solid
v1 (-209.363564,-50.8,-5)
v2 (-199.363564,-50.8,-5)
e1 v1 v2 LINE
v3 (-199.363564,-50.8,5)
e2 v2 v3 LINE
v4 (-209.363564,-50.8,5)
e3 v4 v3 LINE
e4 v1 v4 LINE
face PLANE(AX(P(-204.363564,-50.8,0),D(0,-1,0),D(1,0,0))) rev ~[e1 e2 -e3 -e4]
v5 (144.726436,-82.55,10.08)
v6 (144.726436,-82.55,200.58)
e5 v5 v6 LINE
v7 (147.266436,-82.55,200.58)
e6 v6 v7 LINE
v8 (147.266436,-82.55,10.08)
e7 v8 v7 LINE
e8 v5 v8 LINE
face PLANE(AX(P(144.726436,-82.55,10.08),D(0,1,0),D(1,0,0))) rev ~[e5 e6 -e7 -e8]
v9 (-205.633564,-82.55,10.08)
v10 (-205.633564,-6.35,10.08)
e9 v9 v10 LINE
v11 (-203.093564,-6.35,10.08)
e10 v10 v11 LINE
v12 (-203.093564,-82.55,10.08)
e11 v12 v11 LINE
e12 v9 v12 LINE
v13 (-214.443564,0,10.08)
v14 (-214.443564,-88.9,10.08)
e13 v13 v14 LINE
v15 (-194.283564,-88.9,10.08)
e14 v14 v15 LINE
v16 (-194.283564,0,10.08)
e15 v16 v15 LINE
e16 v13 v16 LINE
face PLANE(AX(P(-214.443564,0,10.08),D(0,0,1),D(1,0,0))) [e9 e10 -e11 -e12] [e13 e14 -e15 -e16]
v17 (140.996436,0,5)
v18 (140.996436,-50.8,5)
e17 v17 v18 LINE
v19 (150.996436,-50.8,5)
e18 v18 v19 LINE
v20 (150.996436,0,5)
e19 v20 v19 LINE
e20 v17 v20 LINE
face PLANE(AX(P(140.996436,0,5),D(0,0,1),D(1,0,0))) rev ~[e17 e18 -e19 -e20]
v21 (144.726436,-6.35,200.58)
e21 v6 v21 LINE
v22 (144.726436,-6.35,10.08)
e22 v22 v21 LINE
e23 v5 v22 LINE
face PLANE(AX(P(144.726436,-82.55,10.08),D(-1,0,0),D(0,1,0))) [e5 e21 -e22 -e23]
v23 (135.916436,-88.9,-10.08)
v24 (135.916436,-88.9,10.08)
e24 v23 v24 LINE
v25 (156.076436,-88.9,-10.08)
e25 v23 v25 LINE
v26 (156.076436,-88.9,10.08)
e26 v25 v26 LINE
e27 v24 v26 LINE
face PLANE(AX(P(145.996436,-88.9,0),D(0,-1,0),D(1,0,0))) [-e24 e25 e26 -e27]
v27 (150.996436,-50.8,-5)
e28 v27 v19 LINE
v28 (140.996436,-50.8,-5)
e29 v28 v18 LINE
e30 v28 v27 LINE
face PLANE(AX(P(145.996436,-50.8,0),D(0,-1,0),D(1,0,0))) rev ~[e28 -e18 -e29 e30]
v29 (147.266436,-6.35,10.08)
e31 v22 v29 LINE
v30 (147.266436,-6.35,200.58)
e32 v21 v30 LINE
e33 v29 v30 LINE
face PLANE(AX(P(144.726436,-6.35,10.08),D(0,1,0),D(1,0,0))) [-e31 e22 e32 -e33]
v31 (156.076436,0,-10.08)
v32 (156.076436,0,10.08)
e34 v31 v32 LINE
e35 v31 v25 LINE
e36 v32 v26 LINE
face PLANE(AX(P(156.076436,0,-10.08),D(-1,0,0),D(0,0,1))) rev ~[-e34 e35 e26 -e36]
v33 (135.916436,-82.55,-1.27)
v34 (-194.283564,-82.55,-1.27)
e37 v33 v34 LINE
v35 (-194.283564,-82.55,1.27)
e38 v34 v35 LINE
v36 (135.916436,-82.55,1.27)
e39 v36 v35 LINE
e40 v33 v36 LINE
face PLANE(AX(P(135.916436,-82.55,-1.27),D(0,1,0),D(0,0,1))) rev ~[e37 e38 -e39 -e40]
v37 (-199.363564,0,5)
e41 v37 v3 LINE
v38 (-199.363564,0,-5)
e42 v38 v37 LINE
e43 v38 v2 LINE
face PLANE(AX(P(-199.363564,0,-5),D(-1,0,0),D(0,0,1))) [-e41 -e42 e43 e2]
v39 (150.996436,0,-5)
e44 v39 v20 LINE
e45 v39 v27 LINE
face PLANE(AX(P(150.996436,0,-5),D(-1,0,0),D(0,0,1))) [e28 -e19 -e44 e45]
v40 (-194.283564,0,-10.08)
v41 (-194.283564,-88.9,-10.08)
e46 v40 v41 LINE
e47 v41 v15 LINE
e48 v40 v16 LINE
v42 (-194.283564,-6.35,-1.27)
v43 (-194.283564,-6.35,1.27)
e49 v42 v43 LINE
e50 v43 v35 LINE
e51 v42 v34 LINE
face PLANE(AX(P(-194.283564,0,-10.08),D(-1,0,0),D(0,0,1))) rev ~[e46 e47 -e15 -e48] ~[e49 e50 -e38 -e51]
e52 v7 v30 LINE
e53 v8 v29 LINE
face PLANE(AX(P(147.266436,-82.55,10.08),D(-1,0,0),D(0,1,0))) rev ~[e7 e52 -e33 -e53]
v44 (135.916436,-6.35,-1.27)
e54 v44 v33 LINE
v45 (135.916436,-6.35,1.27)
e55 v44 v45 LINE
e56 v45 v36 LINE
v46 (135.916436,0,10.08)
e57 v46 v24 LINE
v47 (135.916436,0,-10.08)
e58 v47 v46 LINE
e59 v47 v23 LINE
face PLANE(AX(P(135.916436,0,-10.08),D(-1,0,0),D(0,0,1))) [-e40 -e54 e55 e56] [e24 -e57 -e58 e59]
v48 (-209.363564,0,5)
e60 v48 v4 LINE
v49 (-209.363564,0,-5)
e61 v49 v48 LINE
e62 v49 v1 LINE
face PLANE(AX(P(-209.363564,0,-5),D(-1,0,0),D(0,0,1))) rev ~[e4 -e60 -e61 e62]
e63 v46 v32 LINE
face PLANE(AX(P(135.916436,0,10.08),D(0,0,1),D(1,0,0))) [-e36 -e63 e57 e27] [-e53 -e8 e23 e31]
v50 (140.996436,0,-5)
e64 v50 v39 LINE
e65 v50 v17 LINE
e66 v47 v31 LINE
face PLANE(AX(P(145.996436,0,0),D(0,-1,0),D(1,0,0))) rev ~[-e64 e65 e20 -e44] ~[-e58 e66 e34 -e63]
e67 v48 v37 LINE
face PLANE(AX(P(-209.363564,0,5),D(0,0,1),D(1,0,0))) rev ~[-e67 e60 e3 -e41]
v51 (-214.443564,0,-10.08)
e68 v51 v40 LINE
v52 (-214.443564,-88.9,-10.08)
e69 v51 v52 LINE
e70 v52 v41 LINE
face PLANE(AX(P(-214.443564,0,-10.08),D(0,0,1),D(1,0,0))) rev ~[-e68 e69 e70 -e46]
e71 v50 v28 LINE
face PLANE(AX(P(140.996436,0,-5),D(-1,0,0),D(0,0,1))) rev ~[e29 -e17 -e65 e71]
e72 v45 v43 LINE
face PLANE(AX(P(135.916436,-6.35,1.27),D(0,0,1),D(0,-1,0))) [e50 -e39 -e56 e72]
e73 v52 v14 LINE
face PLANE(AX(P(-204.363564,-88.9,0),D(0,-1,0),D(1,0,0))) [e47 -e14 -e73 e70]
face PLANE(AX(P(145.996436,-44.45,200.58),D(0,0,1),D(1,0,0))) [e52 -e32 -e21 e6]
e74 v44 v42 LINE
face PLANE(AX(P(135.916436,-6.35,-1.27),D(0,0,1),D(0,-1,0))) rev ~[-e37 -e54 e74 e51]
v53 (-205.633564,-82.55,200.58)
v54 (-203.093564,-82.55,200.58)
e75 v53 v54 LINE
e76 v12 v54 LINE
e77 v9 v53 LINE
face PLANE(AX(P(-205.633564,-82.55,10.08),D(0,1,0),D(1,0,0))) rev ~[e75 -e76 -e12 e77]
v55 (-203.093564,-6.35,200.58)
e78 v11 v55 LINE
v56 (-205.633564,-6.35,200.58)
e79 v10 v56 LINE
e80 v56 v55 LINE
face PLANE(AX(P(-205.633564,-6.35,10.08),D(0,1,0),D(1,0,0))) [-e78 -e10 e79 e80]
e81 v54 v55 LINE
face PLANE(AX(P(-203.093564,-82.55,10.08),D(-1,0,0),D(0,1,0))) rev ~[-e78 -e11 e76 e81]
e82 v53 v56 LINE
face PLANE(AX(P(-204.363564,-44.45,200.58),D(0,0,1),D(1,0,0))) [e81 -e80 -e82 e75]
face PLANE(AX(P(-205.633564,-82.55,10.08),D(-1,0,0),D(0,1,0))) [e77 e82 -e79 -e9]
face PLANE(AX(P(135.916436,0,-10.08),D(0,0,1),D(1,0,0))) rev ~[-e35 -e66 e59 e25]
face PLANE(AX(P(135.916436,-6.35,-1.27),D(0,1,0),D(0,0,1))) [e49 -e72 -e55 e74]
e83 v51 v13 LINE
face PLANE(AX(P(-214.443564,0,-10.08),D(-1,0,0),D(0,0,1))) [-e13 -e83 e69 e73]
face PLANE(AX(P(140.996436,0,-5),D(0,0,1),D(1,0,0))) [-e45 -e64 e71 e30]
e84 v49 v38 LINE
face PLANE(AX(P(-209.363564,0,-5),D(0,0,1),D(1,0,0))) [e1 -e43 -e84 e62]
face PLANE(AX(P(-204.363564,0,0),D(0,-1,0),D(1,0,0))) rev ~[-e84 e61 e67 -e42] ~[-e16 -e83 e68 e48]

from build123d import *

# Parameters (mm, degrees)
F0_W     = 20.16
F0_H     = 20.16
F0_W_2   = 10
F0_H_2   = 10
F1_DEPTH = 88.9
F2_DEPTH = 50.8
F3_W     = 76.2
F3_H     = 2.54
F4_DEPTH = 330.2
F5_W     = 2.54
F5_H     = 76.2
F6_DEPTH = 190.5


with BuildPart() as f1:
    # F0 (on Front) → F1 (new body)
    with BuildSketch(Plane.XZ):
        with Locations((-204.3635635233, 0)):
            Rectangle(F0_W, F0_H)
        with Locations((-204.3635635233, 0)):
            Rectangle(F0_W_2, F0_H_2, mode=Mode.SUBTRACT)
        with Locations((-204.3635635233, 0)):
            Rectangle(F0_W_2, F0_H_2)
    extrude(amount=F1_DEPTH)


with BuildPart() as f1b:
    # F0 (on Front) → F1, piece 2 (new body)
    with BuildSketch(Plane.XZ):
        with Locations((145.9964364767, 0)):
            Rectangle(F0_W, F0_H)
        with Locations((145.9964364767, 0)):
            Rectangle(F0_W_2, F0_H_2, mode=Mode.SUBTRACT)
        with Locations((145.9964364767, 0)):
            Rectangle(F0_W_2, F0_H_2)
    extrude(amount=F1_DEPTH)


with BuildPart() as f2_tool:
    # F0 (on Front) → F2 (new body)
    with BuildSketch(Plane.XZ):
        with Locations((-204.3635635233, 0)):
            Rectangle(F0_W_2, F0_H_2)
        with Locations((145.9964364767, 0)):
            Rectangle(F0_W_2, F0_H_2)
    extrude(amount=F2_DEPTH)


with BuildPart() as f1_1:
    add(f1.part)

    # F2: cut by f2_tool
    add(f2_tool.part, mode=Mode.SUBTRACT)



with BuildPart() as f1b_1:
    add(f1b.part)

    # F2: cut by f2_tool
    add(f2_tool.part, mode=Mode.SUBTRACT)


with BuildPart() as f1_2:
    add(f1_1.part)

    add(f1b_1.part)  # F4 merges F1b
    # F3 (on face) → F4 (join, through all)
    with BuildSketch(Plane(origin=(135.9164364767, 0, 0), x_dir=(0, -1, 0), z_dir=(-1, 0, 0))):
        with Locations((44.45, 0)):
            Rectangle(F3_W, F3_H)
    extrude(amount=F4_DEPTH)

    # F5 (on face) → F6 (join)
    with BuildSketch(Plane.XY.offset(10.08)):
        with Locations((-204.3635635233, -44.45)):
            Rectangle(F5_W, F5_H)
        with Locations((145.9964364767, -44.45)):
            Rectangle(F5_W, F5_H)
    extrude(amount=F6_DEPTH)


solid = f1_2.part
